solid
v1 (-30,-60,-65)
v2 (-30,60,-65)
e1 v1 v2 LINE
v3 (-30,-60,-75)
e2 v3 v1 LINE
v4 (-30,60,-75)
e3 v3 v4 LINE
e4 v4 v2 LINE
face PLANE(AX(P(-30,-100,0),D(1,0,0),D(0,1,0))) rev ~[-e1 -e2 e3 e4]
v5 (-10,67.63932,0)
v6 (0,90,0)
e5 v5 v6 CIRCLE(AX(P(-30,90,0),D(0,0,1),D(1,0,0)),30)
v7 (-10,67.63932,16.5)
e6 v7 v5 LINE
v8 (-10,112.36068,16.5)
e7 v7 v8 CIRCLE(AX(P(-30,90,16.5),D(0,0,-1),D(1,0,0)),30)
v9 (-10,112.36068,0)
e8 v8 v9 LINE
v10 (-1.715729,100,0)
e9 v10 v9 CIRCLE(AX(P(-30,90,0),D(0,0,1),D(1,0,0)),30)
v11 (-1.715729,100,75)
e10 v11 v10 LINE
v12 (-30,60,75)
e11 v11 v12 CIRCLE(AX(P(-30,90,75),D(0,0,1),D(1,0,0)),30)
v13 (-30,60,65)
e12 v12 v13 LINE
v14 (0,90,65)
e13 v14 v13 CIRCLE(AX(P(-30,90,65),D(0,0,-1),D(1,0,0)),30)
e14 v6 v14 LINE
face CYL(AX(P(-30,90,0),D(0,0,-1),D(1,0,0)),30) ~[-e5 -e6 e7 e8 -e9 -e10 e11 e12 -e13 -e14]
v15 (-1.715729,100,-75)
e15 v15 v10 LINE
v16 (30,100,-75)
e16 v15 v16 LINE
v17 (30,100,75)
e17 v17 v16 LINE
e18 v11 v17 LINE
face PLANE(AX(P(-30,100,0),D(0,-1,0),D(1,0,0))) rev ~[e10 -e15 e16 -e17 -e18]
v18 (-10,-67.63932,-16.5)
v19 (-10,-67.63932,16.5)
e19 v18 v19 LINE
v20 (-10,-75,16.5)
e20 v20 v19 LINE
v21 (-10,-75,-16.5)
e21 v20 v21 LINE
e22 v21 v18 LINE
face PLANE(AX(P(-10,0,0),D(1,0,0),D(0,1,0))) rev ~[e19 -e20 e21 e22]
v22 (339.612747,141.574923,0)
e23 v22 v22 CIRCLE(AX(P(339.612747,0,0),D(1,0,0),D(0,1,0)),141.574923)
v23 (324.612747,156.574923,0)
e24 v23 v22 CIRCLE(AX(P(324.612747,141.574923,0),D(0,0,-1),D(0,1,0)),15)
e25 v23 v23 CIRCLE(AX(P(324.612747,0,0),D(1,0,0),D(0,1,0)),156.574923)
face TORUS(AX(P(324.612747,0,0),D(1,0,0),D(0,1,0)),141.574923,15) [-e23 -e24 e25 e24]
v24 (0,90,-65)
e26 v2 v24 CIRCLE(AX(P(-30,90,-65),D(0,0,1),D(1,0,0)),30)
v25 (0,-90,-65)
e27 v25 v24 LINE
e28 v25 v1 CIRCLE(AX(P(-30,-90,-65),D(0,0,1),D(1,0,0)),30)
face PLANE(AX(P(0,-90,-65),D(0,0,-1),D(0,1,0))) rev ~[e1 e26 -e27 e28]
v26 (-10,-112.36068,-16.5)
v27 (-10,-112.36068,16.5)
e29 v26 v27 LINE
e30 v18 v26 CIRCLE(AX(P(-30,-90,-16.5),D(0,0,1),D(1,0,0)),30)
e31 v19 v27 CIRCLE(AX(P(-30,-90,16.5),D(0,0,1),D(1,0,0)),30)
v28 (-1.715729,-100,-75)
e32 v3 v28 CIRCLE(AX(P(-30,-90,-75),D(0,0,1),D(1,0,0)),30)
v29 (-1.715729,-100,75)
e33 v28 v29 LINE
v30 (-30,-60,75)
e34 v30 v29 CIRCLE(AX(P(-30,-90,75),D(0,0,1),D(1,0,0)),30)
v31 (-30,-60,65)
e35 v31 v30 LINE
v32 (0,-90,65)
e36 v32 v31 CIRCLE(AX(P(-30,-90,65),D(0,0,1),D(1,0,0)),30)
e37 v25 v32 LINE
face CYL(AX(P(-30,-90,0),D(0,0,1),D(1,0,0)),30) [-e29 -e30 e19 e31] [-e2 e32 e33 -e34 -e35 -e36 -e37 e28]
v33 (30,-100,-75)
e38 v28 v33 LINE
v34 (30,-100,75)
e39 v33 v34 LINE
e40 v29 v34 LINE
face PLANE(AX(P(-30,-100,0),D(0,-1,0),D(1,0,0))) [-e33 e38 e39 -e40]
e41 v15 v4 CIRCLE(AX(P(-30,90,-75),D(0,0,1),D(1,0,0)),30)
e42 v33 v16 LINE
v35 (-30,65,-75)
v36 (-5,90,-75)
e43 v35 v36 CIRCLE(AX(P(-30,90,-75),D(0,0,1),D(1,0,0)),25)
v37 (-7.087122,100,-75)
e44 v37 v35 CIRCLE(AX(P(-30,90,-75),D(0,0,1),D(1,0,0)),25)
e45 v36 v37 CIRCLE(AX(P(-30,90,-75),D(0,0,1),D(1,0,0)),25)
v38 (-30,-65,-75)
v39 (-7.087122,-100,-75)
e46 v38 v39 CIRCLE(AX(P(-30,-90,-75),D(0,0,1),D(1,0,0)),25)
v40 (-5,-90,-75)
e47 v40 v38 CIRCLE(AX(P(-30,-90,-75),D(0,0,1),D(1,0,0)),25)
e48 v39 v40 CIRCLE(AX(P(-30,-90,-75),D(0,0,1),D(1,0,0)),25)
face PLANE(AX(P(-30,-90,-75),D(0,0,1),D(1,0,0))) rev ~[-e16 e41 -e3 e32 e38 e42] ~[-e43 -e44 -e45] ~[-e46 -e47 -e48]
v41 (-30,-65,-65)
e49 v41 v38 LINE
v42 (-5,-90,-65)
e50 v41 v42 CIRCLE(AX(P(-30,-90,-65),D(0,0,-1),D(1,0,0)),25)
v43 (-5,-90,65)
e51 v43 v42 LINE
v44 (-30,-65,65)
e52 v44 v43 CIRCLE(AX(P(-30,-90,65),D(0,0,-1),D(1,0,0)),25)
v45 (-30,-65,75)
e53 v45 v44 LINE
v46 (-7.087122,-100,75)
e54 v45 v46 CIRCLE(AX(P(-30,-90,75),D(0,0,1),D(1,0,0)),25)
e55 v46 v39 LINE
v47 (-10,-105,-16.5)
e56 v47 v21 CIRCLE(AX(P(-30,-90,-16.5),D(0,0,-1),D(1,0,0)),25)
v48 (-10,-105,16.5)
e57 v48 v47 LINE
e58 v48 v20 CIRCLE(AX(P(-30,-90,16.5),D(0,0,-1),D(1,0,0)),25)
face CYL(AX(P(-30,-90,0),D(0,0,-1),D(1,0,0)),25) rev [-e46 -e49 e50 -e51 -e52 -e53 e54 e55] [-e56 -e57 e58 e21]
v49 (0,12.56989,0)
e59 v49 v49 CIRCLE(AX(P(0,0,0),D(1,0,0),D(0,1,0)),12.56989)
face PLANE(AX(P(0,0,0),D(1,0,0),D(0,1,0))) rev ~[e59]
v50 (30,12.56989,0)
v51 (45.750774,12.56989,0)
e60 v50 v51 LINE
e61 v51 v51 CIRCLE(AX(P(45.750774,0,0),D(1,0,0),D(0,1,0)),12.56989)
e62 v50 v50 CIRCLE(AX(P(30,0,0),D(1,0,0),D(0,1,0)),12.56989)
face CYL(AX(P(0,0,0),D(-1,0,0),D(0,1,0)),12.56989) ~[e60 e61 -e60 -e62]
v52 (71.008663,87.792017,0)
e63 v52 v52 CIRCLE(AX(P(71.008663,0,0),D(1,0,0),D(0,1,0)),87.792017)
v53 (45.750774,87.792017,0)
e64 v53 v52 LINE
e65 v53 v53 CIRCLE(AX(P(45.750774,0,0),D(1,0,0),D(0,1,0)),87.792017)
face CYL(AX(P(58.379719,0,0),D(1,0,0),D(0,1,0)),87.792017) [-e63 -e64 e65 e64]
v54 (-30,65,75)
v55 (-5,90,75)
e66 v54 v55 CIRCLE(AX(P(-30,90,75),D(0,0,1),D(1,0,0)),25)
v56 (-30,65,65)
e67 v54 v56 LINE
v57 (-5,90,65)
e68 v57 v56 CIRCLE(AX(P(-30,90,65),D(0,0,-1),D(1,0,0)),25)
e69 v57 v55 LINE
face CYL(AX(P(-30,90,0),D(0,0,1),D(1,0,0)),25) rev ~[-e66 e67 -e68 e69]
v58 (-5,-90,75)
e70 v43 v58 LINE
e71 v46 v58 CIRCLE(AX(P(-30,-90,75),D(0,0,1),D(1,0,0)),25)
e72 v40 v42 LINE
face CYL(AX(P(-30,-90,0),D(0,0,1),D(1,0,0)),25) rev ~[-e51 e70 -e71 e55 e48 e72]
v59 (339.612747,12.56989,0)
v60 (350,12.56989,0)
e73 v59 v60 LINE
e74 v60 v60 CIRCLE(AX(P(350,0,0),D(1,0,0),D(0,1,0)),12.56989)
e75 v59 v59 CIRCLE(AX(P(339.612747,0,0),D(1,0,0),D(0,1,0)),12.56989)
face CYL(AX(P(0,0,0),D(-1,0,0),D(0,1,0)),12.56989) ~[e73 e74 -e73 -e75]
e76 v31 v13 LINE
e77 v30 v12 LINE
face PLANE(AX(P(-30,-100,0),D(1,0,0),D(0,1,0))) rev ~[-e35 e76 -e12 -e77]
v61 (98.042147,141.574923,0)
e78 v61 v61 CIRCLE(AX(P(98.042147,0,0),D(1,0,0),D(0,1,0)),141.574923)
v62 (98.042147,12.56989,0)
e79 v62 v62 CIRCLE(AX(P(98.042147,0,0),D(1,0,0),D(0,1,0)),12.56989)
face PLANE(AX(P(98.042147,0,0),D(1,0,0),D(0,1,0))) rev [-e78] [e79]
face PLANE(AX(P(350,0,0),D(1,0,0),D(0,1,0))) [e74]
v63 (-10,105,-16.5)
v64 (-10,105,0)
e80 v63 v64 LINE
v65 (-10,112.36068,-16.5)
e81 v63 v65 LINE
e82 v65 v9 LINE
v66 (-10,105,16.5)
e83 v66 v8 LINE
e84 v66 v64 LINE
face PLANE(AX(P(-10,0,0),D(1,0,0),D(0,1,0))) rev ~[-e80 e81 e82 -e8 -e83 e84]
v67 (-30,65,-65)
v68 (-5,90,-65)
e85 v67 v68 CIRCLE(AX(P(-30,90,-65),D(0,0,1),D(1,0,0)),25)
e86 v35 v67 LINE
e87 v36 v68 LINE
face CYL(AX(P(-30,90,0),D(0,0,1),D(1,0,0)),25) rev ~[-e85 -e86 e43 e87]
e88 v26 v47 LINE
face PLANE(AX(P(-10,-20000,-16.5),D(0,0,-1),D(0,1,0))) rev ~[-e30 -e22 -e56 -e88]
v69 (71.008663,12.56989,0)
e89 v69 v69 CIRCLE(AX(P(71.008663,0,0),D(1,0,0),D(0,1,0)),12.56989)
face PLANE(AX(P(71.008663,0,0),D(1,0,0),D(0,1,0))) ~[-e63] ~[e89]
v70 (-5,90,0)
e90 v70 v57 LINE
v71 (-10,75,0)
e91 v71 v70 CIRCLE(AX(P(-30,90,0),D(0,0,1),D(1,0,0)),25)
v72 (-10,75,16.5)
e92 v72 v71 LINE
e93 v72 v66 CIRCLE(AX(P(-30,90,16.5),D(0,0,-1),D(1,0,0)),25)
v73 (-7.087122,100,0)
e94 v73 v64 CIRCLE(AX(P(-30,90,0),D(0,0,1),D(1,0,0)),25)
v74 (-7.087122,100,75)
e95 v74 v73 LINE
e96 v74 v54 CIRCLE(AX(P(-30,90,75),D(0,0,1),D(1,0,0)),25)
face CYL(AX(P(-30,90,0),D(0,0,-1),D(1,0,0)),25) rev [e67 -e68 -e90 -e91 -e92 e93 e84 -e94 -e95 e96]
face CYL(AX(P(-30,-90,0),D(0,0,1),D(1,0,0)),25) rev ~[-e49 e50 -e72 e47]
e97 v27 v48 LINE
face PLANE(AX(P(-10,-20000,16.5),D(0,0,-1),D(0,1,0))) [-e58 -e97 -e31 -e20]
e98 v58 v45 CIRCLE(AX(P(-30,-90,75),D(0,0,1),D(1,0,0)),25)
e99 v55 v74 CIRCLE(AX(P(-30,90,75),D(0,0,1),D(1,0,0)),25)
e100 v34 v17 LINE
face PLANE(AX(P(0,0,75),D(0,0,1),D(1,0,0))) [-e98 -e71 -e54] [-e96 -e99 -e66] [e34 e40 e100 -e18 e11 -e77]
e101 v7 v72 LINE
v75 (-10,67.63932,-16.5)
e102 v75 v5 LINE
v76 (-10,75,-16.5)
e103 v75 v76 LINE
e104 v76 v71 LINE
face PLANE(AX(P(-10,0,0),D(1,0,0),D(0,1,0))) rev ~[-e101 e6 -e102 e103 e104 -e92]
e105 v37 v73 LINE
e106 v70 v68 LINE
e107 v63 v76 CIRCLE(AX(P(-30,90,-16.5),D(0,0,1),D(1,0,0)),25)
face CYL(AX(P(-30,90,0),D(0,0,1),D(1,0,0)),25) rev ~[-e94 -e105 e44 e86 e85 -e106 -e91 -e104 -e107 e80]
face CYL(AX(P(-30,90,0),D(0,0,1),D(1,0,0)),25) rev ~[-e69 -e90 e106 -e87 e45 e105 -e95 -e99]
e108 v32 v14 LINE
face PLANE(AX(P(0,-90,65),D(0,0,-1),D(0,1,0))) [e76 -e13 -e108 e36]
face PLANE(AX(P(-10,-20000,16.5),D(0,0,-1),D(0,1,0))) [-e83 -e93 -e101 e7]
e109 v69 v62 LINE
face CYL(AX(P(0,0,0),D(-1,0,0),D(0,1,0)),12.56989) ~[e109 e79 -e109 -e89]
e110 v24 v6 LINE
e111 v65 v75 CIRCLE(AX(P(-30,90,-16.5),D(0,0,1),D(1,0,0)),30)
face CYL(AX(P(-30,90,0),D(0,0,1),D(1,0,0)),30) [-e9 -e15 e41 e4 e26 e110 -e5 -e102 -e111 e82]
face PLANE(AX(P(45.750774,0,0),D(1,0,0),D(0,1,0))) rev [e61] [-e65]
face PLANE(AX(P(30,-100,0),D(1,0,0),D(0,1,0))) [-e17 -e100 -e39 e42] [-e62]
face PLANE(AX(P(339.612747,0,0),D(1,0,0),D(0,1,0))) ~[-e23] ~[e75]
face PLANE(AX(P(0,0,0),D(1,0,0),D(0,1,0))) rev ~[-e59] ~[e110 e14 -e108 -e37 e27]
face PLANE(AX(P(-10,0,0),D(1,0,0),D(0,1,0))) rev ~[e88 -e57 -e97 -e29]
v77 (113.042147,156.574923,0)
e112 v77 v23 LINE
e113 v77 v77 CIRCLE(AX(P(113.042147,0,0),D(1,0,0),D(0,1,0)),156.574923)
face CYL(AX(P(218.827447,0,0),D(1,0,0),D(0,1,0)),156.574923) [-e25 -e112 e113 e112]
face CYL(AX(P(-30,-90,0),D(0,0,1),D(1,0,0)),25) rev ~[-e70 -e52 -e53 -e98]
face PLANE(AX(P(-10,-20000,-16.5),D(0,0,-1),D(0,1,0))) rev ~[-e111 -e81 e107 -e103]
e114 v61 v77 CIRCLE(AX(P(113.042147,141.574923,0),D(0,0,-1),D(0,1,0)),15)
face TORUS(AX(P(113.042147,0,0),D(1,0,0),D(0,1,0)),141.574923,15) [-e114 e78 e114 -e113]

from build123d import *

# Parameters (mm, degrees)
F0_W      = 25.2578889922
F0_H      = 87.7920170172
F0_W_2    = 241.5705997671
F0_H_2    = 156.5749233454
F0_W_3    = 60
F0_H_3    = 200
F4_DEPTH  = 75
F3_R      = 12.5698897047
F5_DEPTH  = 5000
F6_W      = 180
F6_H      = 130
F7_DEPTH  = 6000
F8_R      = 30
F8_R_2    = 25
F9_DEPTH  = 75
F11_W     = 40000
F11_H     = 33
F12_DEPTH = 15000
F13_DEPTH = 1000
F14_DEPTH = 1000
F15_DEPTH = 350
F16_R     = 15


with BuildPart() as f1:
    # F0 (on Top) → F1 (revolve)
    with BuildSketch(Plane.XY):
        with Locations((58.379718929, 43.8960085086)):
            Rectangle(F0_W, F0_H)
    revolve(axis=Axis((58.379718929, 0, 0), (1, 0, 0)))


with BuildPart() as f2:
    # F0 (on Top) → F2 (revolve)
    with BuildSketch(Plane.XY):
        with Locations((218.8274469054, 78.2874616727)):
            Rectangle(F0_W_2, F0_H_2)
    revolve(axis=Axis((218.8274469054, 0, 0), (1, 0, 0)))


with BuildPart() as f4:
    # F0 (on Top) → F4 (new body, symmetric)
    with BuildSketch(Plane.XY):
        Rectangle(F0_W_3, F0_H_3)
    extrude(amount=F4_DEPTH, both=True)


with BuildPart() as f5_tool:
    # F3 (on Right) → F5 (new body, symmetric)
    with BuildSketch(Plane.YZ):
        Circle(F3_R)
    extrude(amount=F5_DEPTH, both=True)


with BuildPart() as f1_1:
    add(f1.part)

    # F5: cut by f5_tool
    add(f5_tool.part, mode=Mode.SUBTRACT)



with BuildPart() as f2_1:
    add(f2.part)

    # F5: cut by f5_tool
    add(f5_tool.part, mode=Mode.SUBTRACT)


with BuildPart() as f4_1:
    add(f4.part)

    # F5: cut by f5_tool
    add(f5_tool.part, mode=Mode.SUBTRACT)

    # F6 (on Right) → F7 (cut)
    with BuildSketch(Plane.YZ):
        Rectangle(F6_W, F6_H)
    extrude(amount=-F7_DEPTH, mode=Mode.SUBTRACT)

    # F8 (on Top) → F9 (join, symmetric)
    with BuildSketch(Plane.XY):
        with Locations((-30, 90)):
            Circle(F8_R)
        with Locations((-30, 90)):
            Circle(F8_R_2, mode=Mode.SUBTRACT)
        with Locations((-30, -90)):
            Circle(F8_R)
        with Locations((-30, -90)):
            Circle(F8_R_2, mode=Mode.SUBTRACT)
    extrude(amount=F9_DEPTH, both=True)

    # F11 (on offset) → F12 (cut)
    with BuildSketch(Plane.YZ.offset(-10)):
        Rectangle(F11_W, F11_H)
    extrude(amount=-F12_DEPTH, mode=Mode.SUBTRACT)

    # F8 (on Top) → F13 (cut, symmetric)
    with BuildSketch(Plane.XY):
        with Locations((-30, 90)):
            Circle(F8_R_2)
    extrude(amount=F13_DEPTH, both=True, mode=Mode.SUBTRACT)

    # F8 (on Top) → F14 (cut, symmetric)
    with BuildSketch(Plane.XY):
        with Locations((-30, -90)):
            Circle(F8_R_2)
    extrude(amount=F14_DEPTH, both=True, mode=Mode.SUBTRACT)


with BuildPart() as f1_2:
    add(f1_1.part)

    add(f2_1.part)  # F15 merges F2

    add(f4_1.part)  # F15 merges F4
    # F3 (on Right) → F15 (join)
    with BuildSketch(Plane.YZ):
        Circle(F3_R)
    extrude(amount=F15_DEPTH)

    # F16
    f16_edges = [f1_2.edges().sort_by_distance(p)[0] for p in [
        (339.612747, -156.574923, 0),
        (98.042147, -156.574923, 0),
    ]]
    fillet(f16_edges, radius=F16_R)


solid = f1_2.part
